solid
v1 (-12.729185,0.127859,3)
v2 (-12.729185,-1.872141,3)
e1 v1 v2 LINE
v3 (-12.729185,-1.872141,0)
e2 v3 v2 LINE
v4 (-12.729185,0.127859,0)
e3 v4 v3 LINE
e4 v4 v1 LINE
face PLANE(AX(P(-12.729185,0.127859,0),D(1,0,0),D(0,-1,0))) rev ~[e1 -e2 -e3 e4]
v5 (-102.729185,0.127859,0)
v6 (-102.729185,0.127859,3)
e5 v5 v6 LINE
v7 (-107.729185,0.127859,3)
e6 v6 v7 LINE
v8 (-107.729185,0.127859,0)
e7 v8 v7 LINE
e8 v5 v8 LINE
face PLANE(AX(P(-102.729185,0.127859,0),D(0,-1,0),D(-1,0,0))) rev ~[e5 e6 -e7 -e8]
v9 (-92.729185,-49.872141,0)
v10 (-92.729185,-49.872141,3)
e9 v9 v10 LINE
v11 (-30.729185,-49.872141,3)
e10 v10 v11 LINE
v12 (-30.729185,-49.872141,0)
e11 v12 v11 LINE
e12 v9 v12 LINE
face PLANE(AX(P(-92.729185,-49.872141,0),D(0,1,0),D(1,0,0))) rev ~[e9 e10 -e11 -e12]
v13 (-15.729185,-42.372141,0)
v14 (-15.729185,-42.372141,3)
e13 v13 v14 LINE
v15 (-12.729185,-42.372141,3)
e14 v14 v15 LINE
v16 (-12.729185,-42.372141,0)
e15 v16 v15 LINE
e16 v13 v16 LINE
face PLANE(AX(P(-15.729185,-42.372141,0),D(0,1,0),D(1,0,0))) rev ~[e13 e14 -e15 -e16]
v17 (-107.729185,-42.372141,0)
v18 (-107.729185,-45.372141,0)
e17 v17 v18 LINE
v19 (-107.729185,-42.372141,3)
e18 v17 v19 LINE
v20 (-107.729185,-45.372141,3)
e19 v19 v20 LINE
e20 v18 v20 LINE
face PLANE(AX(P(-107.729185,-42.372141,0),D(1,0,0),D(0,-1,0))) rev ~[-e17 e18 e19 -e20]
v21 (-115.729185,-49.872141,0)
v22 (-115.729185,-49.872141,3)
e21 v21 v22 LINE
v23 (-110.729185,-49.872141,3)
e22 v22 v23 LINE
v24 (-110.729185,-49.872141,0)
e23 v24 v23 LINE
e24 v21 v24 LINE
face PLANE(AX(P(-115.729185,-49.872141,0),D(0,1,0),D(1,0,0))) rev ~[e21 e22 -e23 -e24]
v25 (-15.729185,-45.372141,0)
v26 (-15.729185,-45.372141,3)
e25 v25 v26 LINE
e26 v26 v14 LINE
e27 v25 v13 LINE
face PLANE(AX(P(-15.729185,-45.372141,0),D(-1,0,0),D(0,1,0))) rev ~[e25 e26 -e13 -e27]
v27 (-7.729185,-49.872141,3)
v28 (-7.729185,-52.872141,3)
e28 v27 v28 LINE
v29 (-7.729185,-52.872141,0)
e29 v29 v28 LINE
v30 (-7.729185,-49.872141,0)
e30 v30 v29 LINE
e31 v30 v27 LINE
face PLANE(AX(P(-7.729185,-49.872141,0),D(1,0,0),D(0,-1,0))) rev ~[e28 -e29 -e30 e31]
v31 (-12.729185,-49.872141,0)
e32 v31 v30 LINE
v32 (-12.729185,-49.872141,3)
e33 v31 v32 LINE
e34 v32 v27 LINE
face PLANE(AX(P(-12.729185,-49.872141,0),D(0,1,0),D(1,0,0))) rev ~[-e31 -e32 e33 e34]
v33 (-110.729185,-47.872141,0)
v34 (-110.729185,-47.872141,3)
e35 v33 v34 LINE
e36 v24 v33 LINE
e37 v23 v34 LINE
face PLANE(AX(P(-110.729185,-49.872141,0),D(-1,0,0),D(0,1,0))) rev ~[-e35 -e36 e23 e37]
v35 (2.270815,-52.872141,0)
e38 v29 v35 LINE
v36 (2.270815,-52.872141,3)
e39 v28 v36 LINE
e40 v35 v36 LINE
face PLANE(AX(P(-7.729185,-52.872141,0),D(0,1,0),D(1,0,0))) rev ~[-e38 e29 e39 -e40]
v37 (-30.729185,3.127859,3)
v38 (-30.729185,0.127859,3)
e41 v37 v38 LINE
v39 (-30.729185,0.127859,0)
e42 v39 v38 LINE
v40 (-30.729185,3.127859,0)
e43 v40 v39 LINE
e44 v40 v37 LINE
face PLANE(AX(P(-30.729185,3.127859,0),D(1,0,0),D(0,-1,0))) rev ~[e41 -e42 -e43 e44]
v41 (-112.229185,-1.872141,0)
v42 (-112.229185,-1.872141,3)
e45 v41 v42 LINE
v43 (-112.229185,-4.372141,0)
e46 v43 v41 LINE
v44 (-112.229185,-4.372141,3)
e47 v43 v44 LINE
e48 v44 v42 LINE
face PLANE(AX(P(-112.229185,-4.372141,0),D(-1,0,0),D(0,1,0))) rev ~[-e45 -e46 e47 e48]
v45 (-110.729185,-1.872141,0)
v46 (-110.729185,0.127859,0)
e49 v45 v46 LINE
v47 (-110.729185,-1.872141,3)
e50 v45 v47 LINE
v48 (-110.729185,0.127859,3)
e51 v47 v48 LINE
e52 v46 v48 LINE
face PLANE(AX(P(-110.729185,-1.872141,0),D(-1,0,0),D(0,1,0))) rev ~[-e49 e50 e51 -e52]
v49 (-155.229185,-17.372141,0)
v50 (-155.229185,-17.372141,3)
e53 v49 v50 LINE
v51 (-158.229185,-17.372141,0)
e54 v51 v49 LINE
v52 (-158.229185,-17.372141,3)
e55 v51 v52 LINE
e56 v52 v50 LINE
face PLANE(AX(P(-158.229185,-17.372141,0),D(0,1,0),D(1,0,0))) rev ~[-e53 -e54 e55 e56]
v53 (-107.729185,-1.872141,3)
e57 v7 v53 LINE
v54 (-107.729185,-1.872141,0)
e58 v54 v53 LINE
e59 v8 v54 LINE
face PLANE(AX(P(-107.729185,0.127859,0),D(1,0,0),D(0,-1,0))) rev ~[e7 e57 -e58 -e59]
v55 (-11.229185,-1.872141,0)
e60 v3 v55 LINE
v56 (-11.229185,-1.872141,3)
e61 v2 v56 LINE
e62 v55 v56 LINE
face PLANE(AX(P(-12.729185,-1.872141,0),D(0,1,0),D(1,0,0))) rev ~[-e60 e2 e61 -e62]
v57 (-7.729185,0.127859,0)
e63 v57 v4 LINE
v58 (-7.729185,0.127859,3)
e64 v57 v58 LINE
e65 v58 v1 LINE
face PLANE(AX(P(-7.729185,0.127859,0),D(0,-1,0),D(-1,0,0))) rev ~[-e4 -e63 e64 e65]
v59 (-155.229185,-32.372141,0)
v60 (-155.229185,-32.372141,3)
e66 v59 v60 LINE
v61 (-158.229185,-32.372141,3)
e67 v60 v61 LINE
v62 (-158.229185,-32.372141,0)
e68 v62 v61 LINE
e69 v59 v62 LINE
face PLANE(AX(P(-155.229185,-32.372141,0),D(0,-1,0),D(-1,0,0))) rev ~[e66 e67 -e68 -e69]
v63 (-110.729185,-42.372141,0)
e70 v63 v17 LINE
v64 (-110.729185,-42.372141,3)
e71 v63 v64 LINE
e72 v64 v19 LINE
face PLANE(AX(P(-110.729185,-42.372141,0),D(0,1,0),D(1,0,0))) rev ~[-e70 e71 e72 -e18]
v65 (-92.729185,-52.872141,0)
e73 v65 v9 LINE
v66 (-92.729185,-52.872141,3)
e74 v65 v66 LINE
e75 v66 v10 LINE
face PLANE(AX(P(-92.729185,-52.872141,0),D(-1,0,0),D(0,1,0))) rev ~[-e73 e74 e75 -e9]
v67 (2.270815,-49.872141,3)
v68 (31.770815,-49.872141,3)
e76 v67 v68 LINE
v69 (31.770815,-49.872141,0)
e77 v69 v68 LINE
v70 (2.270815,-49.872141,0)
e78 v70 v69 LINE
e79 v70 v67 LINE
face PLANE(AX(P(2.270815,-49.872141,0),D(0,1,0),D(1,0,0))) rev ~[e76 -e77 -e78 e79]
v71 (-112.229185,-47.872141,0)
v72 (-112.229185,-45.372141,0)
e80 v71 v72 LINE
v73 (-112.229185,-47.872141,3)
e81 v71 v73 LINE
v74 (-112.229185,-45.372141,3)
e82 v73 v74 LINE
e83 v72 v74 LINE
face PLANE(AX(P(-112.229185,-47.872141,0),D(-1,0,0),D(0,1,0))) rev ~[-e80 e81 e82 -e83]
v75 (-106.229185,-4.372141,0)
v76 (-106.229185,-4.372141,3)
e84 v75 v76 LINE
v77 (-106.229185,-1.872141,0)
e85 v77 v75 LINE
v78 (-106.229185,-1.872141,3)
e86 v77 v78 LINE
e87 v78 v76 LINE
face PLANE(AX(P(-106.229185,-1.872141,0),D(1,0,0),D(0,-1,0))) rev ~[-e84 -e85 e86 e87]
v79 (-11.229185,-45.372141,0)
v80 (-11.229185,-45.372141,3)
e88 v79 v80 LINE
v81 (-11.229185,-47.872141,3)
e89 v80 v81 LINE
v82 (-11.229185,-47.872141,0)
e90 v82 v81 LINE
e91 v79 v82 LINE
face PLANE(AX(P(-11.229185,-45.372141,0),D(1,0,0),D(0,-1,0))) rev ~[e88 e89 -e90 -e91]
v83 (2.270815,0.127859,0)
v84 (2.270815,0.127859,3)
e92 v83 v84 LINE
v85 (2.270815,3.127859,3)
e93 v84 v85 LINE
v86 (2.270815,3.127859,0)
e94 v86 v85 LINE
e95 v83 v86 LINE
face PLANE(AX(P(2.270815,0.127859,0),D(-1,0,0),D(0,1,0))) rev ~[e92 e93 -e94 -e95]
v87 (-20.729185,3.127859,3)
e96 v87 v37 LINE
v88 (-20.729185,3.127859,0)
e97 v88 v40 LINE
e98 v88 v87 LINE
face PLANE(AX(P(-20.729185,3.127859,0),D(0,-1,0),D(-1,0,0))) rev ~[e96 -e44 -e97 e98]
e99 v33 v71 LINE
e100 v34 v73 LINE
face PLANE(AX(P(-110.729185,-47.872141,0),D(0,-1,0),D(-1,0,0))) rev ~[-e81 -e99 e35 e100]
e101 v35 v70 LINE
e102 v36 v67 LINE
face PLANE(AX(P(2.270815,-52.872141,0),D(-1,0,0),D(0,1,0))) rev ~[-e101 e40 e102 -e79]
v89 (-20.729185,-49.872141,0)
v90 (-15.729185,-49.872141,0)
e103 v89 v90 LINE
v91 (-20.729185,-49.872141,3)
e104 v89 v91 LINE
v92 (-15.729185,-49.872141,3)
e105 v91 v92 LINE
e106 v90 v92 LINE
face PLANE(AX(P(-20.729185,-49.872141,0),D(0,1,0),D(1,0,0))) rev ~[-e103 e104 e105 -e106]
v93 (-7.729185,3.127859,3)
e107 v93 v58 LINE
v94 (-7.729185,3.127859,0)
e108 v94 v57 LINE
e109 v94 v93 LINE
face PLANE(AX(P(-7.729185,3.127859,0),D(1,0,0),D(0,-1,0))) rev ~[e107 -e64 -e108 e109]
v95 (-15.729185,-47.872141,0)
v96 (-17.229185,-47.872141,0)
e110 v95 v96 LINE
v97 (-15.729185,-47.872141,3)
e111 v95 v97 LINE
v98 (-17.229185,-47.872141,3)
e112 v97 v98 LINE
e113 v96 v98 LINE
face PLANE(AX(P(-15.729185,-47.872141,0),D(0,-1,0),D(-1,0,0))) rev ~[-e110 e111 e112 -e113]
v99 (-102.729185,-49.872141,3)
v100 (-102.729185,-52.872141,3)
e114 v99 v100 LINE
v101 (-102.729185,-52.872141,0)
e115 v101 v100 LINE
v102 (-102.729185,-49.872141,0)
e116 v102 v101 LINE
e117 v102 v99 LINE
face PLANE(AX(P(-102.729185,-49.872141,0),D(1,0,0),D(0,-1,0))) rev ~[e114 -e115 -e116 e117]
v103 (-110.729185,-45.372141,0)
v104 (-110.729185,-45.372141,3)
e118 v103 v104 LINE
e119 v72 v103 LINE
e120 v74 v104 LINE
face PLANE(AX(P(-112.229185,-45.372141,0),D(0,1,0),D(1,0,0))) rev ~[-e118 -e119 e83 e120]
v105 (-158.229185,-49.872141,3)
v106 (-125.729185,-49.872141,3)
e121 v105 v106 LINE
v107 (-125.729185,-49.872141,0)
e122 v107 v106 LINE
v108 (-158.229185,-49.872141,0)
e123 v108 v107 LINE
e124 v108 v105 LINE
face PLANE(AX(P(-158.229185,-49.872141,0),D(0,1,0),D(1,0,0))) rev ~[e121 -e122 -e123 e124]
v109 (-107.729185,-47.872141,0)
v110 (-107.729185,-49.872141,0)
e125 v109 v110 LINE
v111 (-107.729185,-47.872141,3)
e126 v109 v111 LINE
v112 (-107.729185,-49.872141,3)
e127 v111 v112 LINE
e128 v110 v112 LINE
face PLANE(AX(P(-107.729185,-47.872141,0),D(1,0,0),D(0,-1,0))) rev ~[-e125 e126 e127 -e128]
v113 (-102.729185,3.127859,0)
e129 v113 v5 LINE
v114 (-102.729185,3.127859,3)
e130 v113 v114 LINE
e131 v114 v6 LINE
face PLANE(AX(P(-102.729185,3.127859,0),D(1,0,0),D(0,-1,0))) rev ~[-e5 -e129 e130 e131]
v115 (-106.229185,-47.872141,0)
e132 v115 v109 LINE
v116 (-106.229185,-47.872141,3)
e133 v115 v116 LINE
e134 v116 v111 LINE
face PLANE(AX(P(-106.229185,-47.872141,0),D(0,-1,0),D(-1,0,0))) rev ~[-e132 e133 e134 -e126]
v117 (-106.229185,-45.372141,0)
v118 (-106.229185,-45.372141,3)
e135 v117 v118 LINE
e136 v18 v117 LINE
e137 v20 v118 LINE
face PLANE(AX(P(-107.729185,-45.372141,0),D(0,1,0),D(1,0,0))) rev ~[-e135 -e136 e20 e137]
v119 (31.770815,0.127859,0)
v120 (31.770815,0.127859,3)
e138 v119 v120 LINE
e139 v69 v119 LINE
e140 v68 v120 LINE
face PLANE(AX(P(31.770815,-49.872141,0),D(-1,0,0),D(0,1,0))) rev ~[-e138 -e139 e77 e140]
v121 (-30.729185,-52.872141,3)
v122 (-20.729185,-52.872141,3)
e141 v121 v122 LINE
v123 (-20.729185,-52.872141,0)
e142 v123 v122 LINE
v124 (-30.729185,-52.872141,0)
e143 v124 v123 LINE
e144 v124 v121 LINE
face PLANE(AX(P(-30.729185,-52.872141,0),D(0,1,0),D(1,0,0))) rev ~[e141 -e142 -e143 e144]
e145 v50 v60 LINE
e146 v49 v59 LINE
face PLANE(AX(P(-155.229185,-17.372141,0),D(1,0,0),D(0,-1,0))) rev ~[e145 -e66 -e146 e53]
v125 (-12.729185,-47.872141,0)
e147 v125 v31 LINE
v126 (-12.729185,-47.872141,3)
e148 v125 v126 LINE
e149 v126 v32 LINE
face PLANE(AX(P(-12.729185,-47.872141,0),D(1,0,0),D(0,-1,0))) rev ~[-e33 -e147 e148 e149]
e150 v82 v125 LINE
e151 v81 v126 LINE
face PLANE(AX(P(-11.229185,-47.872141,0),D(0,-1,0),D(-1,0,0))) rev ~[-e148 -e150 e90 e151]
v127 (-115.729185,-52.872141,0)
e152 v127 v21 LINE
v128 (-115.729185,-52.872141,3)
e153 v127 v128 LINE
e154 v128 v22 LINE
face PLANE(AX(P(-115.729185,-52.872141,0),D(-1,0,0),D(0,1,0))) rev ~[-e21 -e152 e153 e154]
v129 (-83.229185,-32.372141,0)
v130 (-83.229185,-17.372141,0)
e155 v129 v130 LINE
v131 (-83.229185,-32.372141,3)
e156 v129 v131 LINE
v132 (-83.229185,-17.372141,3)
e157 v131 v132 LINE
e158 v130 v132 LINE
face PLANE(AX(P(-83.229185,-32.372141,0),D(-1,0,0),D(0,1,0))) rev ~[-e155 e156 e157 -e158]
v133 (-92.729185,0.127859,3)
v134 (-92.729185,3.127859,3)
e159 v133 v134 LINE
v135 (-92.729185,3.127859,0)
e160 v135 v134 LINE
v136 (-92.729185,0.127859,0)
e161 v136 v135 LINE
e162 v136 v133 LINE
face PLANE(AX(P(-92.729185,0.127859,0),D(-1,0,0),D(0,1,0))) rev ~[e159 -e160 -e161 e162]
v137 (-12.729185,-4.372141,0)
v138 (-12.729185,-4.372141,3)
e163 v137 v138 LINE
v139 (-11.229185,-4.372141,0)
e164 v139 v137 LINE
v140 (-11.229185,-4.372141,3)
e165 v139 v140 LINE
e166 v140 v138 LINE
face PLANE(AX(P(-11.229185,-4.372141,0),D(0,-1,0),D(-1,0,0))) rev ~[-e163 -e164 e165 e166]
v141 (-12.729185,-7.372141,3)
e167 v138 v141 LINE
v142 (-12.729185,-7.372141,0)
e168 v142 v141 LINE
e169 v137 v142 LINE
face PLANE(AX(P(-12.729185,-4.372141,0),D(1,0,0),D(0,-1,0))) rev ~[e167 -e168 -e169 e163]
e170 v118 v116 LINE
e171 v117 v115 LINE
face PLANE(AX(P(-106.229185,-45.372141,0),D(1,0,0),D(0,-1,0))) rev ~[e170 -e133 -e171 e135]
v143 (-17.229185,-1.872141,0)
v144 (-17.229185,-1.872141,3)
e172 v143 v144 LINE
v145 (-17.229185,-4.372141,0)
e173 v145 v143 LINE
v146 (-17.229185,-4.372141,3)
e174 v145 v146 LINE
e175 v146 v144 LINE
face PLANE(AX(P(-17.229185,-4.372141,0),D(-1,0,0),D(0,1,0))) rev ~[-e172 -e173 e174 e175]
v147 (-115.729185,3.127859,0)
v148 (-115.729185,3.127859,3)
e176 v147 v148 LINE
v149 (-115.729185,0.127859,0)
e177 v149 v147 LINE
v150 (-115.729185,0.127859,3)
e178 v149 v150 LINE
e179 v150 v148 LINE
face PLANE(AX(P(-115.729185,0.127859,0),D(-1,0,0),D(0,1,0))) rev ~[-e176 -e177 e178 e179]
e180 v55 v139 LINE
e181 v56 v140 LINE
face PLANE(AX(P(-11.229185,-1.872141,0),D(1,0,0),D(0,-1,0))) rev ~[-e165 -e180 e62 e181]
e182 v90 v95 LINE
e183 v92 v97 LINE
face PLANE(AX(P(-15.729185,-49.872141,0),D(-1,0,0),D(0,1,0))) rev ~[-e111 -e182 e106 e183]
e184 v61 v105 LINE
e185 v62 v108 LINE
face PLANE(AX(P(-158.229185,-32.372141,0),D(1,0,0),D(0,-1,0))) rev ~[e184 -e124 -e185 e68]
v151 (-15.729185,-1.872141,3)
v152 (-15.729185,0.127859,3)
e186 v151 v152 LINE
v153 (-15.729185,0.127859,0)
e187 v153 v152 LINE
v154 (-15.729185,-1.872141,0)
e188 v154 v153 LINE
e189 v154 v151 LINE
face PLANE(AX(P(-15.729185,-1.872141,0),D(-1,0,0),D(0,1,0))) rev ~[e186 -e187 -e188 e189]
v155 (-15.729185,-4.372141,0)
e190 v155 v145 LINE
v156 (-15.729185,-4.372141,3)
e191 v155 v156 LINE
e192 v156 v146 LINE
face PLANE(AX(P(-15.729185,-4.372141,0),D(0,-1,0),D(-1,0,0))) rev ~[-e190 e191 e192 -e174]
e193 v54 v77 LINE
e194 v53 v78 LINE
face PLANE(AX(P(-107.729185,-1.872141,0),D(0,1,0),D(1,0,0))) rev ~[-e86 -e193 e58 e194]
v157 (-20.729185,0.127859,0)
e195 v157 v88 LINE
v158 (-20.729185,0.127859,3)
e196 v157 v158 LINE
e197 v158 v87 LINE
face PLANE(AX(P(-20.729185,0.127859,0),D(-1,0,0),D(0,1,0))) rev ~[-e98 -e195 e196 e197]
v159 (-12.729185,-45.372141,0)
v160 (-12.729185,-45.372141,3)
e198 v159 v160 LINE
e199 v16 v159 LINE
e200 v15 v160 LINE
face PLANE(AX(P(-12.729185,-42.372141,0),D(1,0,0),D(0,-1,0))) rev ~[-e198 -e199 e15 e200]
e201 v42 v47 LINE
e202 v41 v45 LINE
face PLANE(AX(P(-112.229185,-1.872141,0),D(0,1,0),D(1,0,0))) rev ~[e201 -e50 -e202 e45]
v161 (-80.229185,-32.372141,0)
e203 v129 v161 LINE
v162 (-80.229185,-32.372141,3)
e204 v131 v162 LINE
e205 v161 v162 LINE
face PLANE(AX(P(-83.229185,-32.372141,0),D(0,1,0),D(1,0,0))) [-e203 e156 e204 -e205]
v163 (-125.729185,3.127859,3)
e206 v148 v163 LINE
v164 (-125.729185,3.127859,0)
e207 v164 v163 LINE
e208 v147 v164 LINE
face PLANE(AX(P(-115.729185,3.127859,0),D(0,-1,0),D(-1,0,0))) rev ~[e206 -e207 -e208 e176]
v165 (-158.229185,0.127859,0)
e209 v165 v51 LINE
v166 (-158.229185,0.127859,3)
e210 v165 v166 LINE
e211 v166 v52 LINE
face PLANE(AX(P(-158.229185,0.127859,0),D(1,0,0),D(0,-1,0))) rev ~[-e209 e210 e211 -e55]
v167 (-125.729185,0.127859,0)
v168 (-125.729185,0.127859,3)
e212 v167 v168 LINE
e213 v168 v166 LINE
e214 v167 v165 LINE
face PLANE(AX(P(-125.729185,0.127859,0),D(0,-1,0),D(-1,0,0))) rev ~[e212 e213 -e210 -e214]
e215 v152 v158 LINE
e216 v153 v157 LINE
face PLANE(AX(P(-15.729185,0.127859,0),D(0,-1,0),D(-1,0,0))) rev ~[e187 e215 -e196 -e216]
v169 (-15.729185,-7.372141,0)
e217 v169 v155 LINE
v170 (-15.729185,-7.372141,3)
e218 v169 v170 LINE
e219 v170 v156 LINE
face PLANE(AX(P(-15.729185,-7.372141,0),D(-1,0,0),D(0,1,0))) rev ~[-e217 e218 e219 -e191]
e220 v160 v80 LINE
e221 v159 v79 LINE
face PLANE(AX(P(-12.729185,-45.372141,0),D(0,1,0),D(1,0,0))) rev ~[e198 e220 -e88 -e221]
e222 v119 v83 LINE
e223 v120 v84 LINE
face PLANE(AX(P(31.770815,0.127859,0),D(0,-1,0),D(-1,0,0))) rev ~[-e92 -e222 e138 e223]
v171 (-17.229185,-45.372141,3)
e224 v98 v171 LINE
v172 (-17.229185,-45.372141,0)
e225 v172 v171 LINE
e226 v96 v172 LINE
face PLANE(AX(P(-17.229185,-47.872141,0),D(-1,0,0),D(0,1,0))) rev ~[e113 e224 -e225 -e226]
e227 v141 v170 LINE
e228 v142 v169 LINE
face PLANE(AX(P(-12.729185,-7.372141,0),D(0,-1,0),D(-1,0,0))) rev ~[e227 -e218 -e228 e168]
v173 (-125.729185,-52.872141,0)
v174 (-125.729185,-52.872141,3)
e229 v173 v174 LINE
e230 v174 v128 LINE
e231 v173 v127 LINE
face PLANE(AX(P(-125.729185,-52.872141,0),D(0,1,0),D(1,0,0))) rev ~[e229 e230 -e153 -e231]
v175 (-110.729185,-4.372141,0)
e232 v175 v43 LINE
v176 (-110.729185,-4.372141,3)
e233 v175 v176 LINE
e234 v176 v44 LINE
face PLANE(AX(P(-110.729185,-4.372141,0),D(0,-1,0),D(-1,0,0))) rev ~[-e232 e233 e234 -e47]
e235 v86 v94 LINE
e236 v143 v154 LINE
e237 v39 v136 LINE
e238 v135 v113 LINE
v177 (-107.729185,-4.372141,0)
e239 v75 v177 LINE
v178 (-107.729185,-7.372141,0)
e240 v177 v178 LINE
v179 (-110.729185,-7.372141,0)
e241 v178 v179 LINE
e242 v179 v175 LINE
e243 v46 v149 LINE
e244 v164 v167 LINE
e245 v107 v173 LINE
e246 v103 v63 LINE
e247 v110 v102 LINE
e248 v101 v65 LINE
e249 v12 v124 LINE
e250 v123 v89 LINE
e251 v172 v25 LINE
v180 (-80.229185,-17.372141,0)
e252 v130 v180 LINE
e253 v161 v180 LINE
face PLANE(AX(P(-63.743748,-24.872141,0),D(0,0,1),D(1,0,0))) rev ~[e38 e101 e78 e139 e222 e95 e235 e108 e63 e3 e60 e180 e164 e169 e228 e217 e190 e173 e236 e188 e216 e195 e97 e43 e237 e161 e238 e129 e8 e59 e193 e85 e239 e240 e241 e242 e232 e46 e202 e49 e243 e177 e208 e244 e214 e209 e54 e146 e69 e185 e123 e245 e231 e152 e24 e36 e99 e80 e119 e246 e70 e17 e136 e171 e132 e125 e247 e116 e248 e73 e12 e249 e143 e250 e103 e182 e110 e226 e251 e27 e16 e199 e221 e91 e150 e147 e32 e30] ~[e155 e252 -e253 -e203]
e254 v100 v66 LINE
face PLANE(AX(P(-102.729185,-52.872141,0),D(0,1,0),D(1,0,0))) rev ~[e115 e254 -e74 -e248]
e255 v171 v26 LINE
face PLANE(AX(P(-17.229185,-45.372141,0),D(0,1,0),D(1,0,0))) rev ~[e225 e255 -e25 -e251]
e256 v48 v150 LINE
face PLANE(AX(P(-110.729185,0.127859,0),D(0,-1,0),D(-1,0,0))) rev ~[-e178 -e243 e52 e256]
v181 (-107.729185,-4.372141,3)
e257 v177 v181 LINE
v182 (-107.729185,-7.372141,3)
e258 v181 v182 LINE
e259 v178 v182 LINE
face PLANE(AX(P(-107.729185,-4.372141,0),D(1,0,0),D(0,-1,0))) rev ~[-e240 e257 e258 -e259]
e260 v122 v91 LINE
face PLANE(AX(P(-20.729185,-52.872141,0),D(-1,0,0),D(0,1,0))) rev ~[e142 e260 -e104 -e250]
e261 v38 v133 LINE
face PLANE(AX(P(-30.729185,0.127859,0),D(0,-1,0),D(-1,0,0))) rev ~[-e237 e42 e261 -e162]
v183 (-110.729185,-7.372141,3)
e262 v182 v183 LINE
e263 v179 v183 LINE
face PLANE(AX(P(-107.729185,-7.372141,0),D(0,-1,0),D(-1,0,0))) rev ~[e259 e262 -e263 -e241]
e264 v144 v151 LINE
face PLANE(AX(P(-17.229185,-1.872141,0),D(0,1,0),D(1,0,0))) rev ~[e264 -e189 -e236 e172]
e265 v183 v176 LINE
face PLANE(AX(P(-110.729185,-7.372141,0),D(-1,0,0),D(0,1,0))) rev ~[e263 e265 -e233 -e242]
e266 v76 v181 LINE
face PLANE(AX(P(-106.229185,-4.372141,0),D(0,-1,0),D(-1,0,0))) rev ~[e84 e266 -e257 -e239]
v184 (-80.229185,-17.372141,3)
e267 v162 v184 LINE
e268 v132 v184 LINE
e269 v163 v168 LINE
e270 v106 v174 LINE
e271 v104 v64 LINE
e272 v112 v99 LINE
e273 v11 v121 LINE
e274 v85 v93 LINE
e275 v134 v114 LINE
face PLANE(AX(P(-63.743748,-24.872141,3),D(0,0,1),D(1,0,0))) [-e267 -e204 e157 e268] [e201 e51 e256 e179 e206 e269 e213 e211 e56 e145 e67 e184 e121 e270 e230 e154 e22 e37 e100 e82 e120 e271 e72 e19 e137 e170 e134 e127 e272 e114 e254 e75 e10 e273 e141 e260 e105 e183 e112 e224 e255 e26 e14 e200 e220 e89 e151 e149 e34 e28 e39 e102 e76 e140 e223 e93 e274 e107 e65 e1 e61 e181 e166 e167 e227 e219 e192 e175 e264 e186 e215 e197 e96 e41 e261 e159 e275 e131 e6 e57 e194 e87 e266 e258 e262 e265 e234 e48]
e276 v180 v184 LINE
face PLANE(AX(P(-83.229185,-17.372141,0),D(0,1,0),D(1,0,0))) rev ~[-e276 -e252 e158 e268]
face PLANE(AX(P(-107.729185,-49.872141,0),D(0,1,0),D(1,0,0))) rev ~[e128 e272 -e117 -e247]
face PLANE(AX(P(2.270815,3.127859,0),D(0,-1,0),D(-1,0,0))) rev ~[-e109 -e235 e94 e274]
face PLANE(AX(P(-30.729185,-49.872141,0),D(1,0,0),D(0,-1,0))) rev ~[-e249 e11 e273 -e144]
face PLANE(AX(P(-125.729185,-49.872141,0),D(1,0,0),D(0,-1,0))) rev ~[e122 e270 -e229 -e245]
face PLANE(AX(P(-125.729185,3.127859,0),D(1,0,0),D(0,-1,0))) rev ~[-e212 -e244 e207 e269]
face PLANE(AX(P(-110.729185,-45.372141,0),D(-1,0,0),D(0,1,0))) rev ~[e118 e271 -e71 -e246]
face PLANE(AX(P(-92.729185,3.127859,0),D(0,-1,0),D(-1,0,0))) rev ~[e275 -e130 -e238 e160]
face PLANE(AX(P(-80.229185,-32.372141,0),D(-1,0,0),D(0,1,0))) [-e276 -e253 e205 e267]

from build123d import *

# Parameters (mm, degrees)
F0_W     = 3
F0_H     = 15
F1_DEPTH = 3


with BuildPart() as f1:
    # F0 (on Top) → F1 (new body)
    with BuildSketch(Plane.XY):
        Polygon((31.770815, -49.872141), (31.770815, 0.127859), (2.270815, 0.127859), (2.270815, 3.127859), (-7.729185, 3.127859), (-7.729185, 0.127859), (-12.729185, 0.127859), (-12.729185, -1.872141), (-11.229185, -1.872141), (-11.229185, -4.372141), (-12.729185, -4.372141), (-12.729185, -7.372141), (-15.729185, -7.372141), (-15.729185, -4.372141), (-17.229185, -4.372141), (-17.229185, -1.872141), (-15.729185, -1.872141), (-15.729185, 0.127859), (-20.729185, 0.127859), (-20.729185, 3.127859), (-30.729185, 3.127859), (-30.729185, 0.127859), (-92.729185, 0.127859), (-92.729185, 3.127859), (-102.729185, 3.127859), (-102.729185, 0.127859), (-107.729185, 0.127859), (-107.729185, -1.872141), (-106.229185, -1.872141), (-106.229185, -4.372141), (-107.729185, -4.372141), (-107.729185, -7.372141), (-110.729185, -7.372141), (-110.729185, -4.372141), (-112.229185, -4.372141), (-112.229185, -1.872141), (-110.729185, -1.872141), (-110.729185, 0.127859), (-115.729185, 0.127859), (-115.729185, 3.127859), (-125.729185, 3.127859), (-125.729185, 0.127859), (-158.229185, 0.127859), (-158.229185, -17.372141), (-155.229185, -17.372141), (-155.229185, -32.372141), (-158.229185, -32.372141), (-158.229185, -49.872141), (-125.729185, -49.872141), (-125.729185, -52.872141), (-115.729185, -52.872141), (-115.729185, -49.872141), (-110.729185, -49.872141), (-110.729185, -47.872141), (-112.229185, -47.872141), (-112.229185, -45.372141), (-110.729185, -45.372141), (-110.729185, -42.372141), (-107.729185, -42.372141), (-107.729185, -45.372141), (-106.229185, -45.372141), (-106.229185, -47.872141), (-107.729185, -47.872141), (-107.729185, -49.872141), (-102.729185, -49.872141), (-102.729185, -52.872141), (-92.729185, -52.872141), (-92.729185, -49.872141), (-30.729185, -49.872141), (-30.729185, -52.872141), (-20.729185, -52.872141), (-20.729185, -49.872141), (-15.729185, -49.872141), (-15.729185, -47.872141), (-17.229185, -47.872141), (-17.229185, -45.372141), (-15.729185, -45.372141), (-15.729185, -42.372141), (-12.729185, -42.372141), (-12.729185, -45.372141), (-11.229185, -45.372141), (-11.229185, -47.872141), (-12.729185, -47.872141), (-12.729185, -49.872141), (-7.729185, -49.872141), (-7.729185, -52.872141), (2.270815, -52.872141), (2.270815, -49.872141), align=None)
        with Locations((-81.729185, -24.872141)):
            Rectangle(F0_W, F0_H, mode=Mode.SUBTRACT)
    extrude(amount=F1_DEPTH)


solid = f1.part
